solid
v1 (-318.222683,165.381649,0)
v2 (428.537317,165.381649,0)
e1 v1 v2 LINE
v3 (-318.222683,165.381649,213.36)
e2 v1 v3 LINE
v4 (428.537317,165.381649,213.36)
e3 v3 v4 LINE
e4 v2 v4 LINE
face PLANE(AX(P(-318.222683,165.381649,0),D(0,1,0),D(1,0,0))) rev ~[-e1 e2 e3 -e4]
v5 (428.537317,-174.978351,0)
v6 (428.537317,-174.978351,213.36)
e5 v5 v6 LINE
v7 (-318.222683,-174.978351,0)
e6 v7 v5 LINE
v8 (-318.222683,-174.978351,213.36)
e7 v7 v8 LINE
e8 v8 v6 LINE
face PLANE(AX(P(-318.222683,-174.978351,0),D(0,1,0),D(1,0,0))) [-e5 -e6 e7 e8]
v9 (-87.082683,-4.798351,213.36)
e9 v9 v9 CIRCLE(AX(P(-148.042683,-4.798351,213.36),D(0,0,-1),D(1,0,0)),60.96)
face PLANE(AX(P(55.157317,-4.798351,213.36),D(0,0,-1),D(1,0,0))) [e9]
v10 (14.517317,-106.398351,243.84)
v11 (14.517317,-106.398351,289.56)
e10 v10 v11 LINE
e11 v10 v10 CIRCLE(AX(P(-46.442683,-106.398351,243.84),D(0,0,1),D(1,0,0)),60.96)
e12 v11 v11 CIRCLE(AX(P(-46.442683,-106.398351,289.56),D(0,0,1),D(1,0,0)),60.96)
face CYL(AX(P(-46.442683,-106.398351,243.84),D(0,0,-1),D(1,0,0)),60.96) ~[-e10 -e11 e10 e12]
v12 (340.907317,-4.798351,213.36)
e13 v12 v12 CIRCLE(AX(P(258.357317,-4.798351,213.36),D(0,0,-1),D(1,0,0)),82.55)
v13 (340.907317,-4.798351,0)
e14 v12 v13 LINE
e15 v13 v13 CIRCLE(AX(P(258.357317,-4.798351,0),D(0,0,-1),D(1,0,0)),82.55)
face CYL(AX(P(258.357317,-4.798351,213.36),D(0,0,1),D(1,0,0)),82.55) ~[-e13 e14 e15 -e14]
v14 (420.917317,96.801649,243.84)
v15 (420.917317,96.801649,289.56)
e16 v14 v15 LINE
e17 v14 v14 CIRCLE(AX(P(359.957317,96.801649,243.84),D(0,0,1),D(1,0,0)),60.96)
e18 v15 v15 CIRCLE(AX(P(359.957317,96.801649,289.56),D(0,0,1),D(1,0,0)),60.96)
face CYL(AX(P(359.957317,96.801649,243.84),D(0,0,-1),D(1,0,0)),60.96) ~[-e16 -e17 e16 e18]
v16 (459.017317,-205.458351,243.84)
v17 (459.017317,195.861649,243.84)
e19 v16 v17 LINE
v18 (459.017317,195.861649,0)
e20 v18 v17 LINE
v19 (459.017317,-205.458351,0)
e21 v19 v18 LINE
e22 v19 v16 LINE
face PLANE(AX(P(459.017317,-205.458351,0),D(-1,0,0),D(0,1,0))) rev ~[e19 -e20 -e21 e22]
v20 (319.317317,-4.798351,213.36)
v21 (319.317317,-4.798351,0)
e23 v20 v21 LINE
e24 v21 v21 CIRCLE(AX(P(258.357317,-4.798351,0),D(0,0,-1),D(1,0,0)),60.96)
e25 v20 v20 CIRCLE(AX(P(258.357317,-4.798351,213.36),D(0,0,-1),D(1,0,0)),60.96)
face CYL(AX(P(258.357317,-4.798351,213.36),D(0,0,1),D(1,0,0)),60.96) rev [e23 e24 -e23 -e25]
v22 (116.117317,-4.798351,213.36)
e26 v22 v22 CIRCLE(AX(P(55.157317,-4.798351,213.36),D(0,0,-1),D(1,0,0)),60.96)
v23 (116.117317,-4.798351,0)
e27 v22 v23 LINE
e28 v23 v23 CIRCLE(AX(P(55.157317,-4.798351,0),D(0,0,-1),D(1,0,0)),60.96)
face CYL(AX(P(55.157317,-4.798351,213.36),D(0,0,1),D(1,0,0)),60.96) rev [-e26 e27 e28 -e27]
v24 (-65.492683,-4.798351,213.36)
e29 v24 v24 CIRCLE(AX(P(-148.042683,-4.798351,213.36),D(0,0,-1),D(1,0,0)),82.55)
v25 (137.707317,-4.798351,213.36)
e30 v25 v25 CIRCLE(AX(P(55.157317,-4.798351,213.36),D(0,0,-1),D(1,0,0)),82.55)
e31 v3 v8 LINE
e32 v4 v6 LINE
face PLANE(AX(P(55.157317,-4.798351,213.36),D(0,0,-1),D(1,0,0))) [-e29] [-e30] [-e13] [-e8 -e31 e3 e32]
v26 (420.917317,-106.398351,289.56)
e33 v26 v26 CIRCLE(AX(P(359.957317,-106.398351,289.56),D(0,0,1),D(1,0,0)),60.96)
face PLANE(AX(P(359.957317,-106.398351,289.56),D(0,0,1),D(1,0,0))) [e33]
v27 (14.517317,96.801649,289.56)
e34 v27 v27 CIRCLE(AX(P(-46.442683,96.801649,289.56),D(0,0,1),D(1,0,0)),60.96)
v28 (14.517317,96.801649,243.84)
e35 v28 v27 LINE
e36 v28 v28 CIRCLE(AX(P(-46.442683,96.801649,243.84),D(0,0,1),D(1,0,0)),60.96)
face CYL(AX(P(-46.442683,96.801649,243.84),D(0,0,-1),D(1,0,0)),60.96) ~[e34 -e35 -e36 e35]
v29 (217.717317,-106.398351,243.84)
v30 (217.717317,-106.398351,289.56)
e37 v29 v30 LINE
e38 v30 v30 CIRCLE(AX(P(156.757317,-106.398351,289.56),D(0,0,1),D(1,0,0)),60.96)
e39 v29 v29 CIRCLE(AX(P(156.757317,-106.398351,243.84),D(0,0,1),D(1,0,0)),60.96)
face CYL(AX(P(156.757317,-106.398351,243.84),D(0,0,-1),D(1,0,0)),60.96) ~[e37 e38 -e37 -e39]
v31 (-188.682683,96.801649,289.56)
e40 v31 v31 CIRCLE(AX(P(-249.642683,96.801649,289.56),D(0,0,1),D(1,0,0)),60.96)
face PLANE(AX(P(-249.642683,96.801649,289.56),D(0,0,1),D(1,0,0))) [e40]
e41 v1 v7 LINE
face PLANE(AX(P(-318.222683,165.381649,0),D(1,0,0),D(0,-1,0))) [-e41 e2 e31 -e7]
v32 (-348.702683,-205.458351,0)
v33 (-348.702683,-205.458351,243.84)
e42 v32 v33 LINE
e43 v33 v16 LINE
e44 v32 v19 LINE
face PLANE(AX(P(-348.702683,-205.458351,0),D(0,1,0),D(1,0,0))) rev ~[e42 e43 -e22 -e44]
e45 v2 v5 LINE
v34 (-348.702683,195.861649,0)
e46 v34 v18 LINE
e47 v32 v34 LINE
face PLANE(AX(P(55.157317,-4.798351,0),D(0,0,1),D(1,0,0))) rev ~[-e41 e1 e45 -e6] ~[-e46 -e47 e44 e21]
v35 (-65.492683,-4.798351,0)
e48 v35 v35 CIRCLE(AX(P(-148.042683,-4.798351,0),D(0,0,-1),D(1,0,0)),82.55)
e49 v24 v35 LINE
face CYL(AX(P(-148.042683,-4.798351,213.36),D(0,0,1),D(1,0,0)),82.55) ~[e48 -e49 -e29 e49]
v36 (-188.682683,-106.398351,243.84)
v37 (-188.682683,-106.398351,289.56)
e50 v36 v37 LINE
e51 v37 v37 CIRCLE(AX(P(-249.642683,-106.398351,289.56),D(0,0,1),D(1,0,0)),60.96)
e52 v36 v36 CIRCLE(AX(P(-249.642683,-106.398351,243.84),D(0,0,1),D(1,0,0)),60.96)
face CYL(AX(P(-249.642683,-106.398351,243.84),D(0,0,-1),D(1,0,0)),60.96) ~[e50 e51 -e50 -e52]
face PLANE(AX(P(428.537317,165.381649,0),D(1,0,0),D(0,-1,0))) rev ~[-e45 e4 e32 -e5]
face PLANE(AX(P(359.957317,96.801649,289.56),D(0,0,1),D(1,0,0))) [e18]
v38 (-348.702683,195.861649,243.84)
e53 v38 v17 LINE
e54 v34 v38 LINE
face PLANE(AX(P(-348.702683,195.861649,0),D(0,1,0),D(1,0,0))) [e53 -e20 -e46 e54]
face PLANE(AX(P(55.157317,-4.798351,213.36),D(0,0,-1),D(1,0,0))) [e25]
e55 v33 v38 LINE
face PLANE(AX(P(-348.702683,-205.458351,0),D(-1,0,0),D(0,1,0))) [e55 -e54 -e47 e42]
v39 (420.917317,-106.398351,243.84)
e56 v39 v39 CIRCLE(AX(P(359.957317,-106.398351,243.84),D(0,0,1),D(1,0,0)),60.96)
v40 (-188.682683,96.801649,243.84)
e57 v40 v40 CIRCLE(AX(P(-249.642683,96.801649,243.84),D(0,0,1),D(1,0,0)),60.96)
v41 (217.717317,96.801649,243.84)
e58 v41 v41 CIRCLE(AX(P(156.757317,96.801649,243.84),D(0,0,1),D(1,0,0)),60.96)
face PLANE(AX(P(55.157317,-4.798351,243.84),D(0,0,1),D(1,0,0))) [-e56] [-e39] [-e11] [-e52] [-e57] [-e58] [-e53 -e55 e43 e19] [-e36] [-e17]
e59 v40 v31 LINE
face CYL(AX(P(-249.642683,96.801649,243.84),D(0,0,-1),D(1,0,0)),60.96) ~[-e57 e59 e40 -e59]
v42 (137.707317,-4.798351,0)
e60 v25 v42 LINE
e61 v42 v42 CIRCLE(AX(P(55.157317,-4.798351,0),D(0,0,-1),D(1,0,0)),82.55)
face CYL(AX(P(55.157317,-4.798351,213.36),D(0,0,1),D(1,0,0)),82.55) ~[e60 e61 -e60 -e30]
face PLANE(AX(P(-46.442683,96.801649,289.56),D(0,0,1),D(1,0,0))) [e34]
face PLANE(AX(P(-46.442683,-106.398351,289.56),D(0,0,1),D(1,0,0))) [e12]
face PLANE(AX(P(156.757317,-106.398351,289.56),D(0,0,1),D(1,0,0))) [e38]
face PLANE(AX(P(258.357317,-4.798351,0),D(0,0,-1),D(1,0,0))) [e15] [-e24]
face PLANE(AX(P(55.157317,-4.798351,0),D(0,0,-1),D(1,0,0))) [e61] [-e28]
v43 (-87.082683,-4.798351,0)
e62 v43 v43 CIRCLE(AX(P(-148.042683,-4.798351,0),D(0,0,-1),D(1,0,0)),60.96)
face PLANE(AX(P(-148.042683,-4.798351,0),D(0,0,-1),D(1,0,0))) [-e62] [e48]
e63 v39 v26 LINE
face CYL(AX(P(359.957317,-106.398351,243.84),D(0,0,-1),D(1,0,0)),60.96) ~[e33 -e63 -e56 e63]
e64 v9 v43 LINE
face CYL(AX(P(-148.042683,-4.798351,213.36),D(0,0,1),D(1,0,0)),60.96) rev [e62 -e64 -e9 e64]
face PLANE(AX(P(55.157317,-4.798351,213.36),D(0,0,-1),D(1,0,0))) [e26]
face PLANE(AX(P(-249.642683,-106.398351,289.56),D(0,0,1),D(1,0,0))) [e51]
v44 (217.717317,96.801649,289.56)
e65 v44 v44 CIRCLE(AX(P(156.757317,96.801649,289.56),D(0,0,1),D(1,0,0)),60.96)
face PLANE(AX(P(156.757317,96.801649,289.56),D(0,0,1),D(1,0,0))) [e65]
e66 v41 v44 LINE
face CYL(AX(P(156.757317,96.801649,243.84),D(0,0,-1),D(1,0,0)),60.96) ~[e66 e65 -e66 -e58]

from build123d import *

# Parameters (mm, degrees)
F0_W     = 807.72
F0_H     = 401.32
F1_DEPTH = 243.84
F2_R     = 60.96
F3_DEPTH = 45.72
F4_W     = 746.76
F4_H     = 340.36
F5_DEPTH = 213.36
F6_R     = 82.55
F6_R_2   = 60.96
F7_DEPTH = 213.36


with BuildPart() as f1:
    # F0 (on Top) → F1 (new body)
    with BuildSketch(Plane.XY):
        with Locations((55.157317, -4.798351)):
            Rectangle(F0_W, F0_H)
    extrude(amount=F1_DEPTH)

    # F2 (on face) → F3 (join)
    with BuildSketch(Plane.XY.offset(243.84)):
        with Locations((-249.642683, -106.398351)):
            Circle(F2_R)
        with Locations((-249.642683, 96.801649)):
            Circle(F2_R)
        with Locations((-46.442683, -106.398351)):
            Circle(F2_R)
        with Locations((-46.442683, 96.801649)):
            Circle(F2_R)
        with Locations((156.757317, 96.801649)):
            Circle(F2_R)
        with Locations((359.957317, -106.398351)):
            Circle(F2_R)
        with Locations((359.957317, 96.801649)):
            Circle(F2_R)
        with Locations((156.757317, -106.398351)):
            Circle(F2_R)
    extrude(amount=F3_DEPTH)

    # F4 (on face) → F5 (cut)
    with BuildSketch(Plane(origin=(0, 0, 0), x_dir=(1, 0, 0), z_dir=(0, 0, -1))):
        with Locations((55.157317, 4.798351)):
            Rectangle(F4_W, F4_H)
    extrude(amount=-F5_DEPTH, mode=Mode.SUBTRACT)

    # F6 (on face) → F7 (join)
    with BuildSketch(Plane(origin=(0, 0, 213.36), x_dir=(1, 0, 0), z_dir=(0, 0, -1))):
        with Locations((55.157317, 4.798351)):
            Circle(F6_R)
        with Locations((55.157317, 4.798351)):
            Circle(F6_R_2, mode=Mode.SUBTRACT)
        with Locations((258.357317, 4.798351)):
            Circle(F6_R)
        with Locations((258.357317, 4.798351)):
            Circle(F6_R_2, mode=Mode.SUBTRACT)
        with Locations((-148.042683, 4.798351)):
            Circle(F6_R)
        with Locations((-148.042683, 4.798351)):
            Circle(F6_R_2, mode=Mode.SUBTRACT)
    extrude(amount=F7_DEPTH)


solid = f1.part
